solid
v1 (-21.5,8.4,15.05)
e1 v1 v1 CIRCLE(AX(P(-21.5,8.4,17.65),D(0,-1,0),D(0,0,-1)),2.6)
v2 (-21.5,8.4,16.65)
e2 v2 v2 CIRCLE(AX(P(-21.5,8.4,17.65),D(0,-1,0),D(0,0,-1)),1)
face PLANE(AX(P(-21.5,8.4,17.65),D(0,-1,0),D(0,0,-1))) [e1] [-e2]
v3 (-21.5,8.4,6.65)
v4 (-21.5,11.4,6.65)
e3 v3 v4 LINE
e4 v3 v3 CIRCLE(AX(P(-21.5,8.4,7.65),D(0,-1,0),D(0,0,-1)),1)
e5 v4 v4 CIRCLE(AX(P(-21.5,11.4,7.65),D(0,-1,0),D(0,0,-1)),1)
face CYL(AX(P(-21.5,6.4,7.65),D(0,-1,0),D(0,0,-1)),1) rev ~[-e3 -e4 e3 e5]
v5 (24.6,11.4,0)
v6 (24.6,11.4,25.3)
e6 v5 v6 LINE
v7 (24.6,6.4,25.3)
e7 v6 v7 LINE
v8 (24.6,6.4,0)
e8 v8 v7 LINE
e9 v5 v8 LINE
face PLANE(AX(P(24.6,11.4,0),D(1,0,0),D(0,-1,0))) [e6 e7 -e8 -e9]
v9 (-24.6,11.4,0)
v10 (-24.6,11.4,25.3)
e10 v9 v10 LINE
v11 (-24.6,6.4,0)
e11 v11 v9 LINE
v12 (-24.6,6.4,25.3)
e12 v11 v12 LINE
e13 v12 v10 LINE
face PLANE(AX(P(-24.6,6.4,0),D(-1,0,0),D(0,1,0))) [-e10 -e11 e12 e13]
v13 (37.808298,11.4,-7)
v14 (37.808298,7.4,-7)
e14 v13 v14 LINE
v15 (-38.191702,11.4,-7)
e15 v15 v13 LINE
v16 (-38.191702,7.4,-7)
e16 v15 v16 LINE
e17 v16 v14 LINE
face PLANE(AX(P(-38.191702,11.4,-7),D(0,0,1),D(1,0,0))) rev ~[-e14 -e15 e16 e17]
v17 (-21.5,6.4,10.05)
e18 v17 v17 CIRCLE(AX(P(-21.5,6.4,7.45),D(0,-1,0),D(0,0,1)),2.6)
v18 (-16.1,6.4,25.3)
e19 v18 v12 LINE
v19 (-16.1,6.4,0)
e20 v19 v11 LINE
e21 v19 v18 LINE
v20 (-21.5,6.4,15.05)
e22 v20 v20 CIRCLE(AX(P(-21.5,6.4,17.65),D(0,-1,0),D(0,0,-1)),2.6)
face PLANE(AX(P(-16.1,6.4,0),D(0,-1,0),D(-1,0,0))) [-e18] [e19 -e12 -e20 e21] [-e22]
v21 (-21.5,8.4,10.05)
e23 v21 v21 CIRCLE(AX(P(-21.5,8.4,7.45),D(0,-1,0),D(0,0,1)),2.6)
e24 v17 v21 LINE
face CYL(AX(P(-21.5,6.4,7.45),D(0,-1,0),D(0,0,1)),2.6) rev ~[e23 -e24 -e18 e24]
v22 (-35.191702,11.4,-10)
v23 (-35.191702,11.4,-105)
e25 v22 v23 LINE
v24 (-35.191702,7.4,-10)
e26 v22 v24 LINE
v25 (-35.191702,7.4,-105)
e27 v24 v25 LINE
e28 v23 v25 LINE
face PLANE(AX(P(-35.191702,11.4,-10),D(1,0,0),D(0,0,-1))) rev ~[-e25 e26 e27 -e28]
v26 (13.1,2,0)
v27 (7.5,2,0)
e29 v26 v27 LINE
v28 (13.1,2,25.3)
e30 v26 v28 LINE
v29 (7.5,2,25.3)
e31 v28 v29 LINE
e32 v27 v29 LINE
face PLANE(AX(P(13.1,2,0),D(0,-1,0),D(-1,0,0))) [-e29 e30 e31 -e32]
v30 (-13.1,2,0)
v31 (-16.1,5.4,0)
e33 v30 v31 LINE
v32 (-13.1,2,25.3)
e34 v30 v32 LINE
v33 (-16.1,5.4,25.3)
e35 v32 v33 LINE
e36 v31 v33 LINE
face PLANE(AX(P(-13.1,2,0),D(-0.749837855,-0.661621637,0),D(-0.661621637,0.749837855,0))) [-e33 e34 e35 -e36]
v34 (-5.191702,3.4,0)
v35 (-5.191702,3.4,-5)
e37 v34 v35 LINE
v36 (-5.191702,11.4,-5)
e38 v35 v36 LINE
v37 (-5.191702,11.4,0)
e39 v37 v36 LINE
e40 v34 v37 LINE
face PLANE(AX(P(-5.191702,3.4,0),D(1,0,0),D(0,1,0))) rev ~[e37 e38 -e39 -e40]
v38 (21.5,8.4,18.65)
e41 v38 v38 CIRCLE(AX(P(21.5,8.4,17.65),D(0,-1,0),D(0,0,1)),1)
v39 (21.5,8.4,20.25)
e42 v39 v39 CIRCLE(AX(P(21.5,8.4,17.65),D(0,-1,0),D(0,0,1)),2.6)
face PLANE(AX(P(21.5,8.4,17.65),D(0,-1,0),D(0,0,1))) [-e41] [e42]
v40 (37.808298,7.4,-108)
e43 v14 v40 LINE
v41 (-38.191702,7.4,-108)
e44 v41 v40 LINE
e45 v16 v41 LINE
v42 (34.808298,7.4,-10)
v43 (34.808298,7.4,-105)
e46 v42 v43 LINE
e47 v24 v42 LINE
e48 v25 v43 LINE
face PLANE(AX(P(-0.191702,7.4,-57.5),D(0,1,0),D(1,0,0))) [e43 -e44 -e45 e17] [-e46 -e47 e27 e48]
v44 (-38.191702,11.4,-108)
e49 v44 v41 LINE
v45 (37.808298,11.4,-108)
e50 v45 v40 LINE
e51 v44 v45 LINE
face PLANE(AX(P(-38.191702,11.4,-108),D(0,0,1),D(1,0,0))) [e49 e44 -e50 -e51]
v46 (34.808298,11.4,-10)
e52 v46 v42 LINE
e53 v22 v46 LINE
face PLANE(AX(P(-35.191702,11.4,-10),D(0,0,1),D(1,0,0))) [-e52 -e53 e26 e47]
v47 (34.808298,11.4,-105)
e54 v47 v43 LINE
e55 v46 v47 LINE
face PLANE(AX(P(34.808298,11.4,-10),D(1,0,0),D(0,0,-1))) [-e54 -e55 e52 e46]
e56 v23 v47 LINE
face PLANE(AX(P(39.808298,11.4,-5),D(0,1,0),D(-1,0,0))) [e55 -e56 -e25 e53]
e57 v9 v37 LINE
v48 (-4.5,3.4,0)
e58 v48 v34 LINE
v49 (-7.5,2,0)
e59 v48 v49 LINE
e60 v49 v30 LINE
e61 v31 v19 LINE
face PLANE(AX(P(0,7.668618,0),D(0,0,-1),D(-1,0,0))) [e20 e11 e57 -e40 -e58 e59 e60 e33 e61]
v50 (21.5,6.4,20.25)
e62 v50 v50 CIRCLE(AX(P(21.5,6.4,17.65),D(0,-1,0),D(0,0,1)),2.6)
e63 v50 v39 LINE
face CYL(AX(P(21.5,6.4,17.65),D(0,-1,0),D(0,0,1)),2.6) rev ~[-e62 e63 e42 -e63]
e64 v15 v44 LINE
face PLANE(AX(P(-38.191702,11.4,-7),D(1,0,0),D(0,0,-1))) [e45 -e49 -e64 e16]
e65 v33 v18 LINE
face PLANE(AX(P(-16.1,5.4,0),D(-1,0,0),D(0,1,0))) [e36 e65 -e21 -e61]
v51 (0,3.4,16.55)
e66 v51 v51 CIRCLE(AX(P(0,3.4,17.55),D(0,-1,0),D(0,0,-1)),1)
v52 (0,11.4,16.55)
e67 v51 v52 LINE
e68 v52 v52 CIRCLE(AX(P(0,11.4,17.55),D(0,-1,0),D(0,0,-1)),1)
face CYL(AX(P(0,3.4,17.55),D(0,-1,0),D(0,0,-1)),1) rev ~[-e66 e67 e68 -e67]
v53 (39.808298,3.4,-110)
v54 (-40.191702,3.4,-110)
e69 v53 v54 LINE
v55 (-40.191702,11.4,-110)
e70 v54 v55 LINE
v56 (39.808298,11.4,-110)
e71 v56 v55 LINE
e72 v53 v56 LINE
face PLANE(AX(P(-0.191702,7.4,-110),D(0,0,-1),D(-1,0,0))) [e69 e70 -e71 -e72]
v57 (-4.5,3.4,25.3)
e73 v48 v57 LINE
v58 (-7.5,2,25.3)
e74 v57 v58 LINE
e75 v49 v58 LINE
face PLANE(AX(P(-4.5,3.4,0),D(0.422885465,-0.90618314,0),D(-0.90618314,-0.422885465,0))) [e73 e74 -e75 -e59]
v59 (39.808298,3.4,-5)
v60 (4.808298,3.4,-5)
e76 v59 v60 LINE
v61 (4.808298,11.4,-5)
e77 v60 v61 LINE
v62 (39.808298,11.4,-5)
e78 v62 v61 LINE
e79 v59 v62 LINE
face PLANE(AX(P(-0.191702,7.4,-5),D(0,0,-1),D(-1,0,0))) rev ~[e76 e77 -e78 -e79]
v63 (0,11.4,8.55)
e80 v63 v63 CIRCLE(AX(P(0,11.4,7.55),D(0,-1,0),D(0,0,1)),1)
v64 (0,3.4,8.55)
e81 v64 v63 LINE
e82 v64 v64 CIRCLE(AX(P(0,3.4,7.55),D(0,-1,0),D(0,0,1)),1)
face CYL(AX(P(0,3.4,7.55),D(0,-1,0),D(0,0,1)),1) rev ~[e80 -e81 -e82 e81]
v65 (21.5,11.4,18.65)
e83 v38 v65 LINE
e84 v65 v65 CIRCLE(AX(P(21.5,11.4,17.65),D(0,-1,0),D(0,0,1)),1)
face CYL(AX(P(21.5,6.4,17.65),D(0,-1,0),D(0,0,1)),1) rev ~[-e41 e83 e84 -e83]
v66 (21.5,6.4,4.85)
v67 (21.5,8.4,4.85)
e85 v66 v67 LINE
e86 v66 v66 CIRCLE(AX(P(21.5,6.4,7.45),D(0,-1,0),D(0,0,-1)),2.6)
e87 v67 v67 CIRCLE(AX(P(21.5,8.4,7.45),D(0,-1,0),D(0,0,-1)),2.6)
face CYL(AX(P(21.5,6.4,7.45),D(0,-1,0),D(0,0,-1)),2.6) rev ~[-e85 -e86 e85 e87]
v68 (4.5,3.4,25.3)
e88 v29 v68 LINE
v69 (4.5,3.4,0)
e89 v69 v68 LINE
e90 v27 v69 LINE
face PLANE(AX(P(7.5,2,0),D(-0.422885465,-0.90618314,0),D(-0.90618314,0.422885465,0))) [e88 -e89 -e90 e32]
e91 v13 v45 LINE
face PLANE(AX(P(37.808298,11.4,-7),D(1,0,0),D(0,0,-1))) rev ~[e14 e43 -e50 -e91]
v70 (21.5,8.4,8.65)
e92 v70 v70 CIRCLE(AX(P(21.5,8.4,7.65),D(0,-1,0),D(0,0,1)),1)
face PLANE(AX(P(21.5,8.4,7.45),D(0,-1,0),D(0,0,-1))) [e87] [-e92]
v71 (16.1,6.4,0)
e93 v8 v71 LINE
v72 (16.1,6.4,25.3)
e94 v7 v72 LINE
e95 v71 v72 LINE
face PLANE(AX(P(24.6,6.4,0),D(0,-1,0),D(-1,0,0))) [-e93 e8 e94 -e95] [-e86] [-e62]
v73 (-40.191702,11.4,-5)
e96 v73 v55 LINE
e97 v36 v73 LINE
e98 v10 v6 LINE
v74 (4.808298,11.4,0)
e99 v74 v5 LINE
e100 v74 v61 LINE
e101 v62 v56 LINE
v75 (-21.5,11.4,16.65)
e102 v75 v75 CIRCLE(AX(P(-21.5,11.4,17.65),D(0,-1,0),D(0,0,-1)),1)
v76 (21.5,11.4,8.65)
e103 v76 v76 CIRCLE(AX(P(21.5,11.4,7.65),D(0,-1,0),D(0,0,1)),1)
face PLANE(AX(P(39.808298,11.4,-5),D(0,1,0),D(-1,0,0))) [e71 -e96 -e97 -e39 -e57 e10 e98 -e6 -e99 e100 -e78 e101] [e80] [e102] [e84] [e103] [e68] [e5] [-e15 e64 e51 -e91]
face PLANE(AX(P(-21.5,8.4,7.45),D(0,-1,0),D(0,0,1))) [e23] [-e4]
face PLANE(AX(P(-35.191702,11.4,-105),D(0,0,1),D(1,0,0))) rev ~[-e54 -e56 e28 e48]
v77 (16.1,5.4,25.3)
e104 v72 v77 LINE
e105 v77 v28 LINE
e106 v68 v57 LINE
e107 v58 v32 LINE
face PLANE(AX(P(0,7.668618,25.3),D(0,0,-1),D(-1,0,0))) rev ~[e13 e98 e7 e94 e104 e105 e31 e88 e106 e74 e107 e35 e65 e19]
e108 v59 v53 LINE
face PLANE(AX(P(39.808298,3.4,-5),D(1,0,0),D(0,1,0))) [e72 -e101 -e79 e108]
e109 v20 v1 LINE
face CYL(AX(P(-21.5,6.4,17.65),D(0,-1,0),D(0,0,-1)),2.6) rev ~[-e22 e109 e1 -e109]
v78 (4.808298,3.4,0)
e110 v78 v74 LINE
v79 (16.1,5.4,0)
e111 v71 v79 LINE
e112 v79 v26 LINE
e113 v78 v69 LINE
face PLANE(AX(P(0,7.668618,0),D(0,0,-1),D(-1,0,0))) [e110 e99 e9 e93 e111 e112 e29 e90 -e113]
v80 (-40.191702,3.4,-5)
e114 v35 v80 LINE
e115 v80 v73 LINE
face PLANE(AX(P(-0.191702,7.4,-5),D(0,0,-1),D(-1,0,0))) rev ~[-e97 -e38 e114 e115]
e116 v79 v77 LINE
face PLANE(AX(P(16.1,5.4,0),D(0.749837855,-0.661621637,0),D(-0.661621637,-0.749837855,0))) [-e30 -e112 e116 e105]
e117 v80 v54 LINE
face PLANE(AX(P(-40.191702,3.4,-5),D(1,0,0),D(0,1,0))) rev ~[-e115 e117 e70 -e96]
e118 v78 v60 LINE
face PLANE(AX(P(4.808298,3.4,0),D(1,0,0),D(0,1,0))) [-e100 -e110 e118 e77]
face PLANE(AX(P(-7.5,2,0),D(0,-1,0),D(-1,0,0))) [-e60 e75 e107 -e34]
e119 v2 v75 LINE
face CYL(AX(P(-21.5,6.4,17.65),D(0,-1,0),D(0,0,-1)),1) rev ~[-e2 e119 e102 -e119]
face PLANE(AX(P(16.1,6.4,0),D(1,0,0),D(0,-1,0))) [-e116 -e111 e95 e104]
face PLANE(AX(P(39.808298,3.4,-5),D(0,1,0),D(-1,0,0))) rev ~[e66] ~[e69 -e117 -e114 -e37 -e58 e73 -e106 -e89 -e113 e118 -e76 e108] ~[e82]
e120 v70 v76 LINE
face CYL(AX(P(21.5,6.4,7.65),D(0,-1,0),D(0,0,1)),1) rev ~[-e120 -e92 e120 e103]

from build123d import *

# Parameters (mm, degrees)
BOSS_EXTRUDE2_DEPTH = 25.3
SKETCH3_R           = 1
CUT_EXTRUDE1_DEPTH  = 37.183559803
SKETCH4_R           = 1
CUT_EXTRUDE2_DEPTH  = 36.640566774
SKETCH5_R           = 2.6
CUT_EXTRUDE3_DEPTH  = 2
SKETCH7_W           = 10
SKETCH7_H           = 8
BOSS_EXTRUDE4_DEPTH = 5
SKETCH8_W           = 80
SKETCH8_H           = 8
BOSS_EXTRUDE5_DEPTH = 105
SKETCH9_W           = 76
SKETCH9_H           = 101
SKETCH9_W_2         = 70
SKETCH9_H_2         = 95
CUT_EXTRUDE4_DEPTH  = 4


with BuildPart() as part:
    # Sketch2 → Boss-Extrude2 (new body)
    with BuildSketch(Plane.XY):
        Polygon((4.5, 3.4), (-4.5, 3.4), (-7.5, 2), (-13.1, 2), (-16.1, 5.4), (-16.1, 6.4), (-24.6, 6.4), (-24.6, 11.4), (24.6, 11.4), (24.6, 6.4), (16.1, 6.4), (16.1, 5.4), (13.1, 2), (7.5, 2), align=None)
    extrude(amount=BOSS_EXTRUDE2_DEPTH)

    # Sketch3 → Cut-Extrude1 (cut, through all)
    with BuildSketch(Plane.XZ.offset(-3.4)):
        with Locations(Location((0, 17.55, 0), (0, 0, 270))):
            Circle(SKETCH3_R)
        with Locations(Location((0, 7.55, 0), (0, 0, 90))):
            Circle(SKETCH3_R)
    extrude(amount=-CUT_EXTRUDE1_DEPTH, mode=Mode.SUBTRACT)

    # Sketch4 → Cut-Extrude2 (cut, through all)
    with BuildSketch(Plane.XZ.offset(-6.4)):
        with Locations(Location((-21.5, 17.65, 0), (0, 0, 270))):
            Circle(SKETCH4_R)
        with Locations(Location((21.5, 17.65, 0), (0, 0, 90))):
            Circle(SKETCH4_R)
        with Locations(Location((-21.5, 7.65, 0), (0, 0, 270))):
            Circle(SKETCH4_R)
        with Locations(Location((21.5, 7.65, 0), (0, 0, 90))):
            Circle(SKETCH4_R)
    extrude(amount=-CUT_EXTRUDE2_DEPTH, mode=Mode.SUBTRACT)

    # Sketch5 → Cut-Extrude3 (cut)
    with BuildSketch(Plane.XZ.offset(-6.4)):
        with Locations(Location((-21.5, 17.65, 0), (0, 0, 270))):
            Circle(SKETCH5_R)
        with Locations(Location((-21.5, 7.45, 0), (0, 0, 90))):
            Circle(SKETCH5_R)
        with Locations(Location((21.5, 7.45, 0), (0, 0, 270))):
            Circle(SKETCH5_R)
        with Locations(Location((21.5, 17.65, 0), (0, 0, 90))):
            Circle(SKETCH5_R)
    extrude(amount=-CUT_EXTRUDE3_DEPTH, mode=Mode.SUBTRACT)

    # Sketch7 → Boss-Extrude4 (add)
    with BuildSketch(Plane(origin=(0, 0, 0), x_dir=(-1, 0, 0), z_dir=(0, 0, -1))):
        with Locations((0.191701822, 7.4)):
            Rectangle(SKETCH7_W, SKETCH7_H)
    extrude(amount=BOSS_EXTRUDE4_DEPTH)

    # Sketch8 → Boss-Extrude5 (add)
    with BuildSketch(Plane(origin=(0, 0, -5), x_dir=(-1, 0, 0), z_dir=(0, 0, -1))):
        with Locations((0.191701822, 7.4)):
            Rectangle(SKETCH8_W, SKETCH8_H)
    extrude(amount=BOSS_EXTRUDE5_DEPTH)

    # Sketch9 → Cut-Extrude4 (cut)
    with BuildSketch(Plane(origin=(0, 11.4, 0), x_dir=(1, 0, 0), z_dir=(0, 1, 0))):
        with Locations((-0.191701822, 57.5)):
            Rectangle(SKETCH9_W, SKETCH9_H)
        with Locations((-0.191701822, 57.5)):
            Rectangle(SKETCH9_W_2, SKETCH9_H_2, mode=Mode.SUBTRACT)
    extrude(amount=-CUT_EXTRUDE4_DEPTH, mode=Mode.SUBTRACT)


solid = part.part
